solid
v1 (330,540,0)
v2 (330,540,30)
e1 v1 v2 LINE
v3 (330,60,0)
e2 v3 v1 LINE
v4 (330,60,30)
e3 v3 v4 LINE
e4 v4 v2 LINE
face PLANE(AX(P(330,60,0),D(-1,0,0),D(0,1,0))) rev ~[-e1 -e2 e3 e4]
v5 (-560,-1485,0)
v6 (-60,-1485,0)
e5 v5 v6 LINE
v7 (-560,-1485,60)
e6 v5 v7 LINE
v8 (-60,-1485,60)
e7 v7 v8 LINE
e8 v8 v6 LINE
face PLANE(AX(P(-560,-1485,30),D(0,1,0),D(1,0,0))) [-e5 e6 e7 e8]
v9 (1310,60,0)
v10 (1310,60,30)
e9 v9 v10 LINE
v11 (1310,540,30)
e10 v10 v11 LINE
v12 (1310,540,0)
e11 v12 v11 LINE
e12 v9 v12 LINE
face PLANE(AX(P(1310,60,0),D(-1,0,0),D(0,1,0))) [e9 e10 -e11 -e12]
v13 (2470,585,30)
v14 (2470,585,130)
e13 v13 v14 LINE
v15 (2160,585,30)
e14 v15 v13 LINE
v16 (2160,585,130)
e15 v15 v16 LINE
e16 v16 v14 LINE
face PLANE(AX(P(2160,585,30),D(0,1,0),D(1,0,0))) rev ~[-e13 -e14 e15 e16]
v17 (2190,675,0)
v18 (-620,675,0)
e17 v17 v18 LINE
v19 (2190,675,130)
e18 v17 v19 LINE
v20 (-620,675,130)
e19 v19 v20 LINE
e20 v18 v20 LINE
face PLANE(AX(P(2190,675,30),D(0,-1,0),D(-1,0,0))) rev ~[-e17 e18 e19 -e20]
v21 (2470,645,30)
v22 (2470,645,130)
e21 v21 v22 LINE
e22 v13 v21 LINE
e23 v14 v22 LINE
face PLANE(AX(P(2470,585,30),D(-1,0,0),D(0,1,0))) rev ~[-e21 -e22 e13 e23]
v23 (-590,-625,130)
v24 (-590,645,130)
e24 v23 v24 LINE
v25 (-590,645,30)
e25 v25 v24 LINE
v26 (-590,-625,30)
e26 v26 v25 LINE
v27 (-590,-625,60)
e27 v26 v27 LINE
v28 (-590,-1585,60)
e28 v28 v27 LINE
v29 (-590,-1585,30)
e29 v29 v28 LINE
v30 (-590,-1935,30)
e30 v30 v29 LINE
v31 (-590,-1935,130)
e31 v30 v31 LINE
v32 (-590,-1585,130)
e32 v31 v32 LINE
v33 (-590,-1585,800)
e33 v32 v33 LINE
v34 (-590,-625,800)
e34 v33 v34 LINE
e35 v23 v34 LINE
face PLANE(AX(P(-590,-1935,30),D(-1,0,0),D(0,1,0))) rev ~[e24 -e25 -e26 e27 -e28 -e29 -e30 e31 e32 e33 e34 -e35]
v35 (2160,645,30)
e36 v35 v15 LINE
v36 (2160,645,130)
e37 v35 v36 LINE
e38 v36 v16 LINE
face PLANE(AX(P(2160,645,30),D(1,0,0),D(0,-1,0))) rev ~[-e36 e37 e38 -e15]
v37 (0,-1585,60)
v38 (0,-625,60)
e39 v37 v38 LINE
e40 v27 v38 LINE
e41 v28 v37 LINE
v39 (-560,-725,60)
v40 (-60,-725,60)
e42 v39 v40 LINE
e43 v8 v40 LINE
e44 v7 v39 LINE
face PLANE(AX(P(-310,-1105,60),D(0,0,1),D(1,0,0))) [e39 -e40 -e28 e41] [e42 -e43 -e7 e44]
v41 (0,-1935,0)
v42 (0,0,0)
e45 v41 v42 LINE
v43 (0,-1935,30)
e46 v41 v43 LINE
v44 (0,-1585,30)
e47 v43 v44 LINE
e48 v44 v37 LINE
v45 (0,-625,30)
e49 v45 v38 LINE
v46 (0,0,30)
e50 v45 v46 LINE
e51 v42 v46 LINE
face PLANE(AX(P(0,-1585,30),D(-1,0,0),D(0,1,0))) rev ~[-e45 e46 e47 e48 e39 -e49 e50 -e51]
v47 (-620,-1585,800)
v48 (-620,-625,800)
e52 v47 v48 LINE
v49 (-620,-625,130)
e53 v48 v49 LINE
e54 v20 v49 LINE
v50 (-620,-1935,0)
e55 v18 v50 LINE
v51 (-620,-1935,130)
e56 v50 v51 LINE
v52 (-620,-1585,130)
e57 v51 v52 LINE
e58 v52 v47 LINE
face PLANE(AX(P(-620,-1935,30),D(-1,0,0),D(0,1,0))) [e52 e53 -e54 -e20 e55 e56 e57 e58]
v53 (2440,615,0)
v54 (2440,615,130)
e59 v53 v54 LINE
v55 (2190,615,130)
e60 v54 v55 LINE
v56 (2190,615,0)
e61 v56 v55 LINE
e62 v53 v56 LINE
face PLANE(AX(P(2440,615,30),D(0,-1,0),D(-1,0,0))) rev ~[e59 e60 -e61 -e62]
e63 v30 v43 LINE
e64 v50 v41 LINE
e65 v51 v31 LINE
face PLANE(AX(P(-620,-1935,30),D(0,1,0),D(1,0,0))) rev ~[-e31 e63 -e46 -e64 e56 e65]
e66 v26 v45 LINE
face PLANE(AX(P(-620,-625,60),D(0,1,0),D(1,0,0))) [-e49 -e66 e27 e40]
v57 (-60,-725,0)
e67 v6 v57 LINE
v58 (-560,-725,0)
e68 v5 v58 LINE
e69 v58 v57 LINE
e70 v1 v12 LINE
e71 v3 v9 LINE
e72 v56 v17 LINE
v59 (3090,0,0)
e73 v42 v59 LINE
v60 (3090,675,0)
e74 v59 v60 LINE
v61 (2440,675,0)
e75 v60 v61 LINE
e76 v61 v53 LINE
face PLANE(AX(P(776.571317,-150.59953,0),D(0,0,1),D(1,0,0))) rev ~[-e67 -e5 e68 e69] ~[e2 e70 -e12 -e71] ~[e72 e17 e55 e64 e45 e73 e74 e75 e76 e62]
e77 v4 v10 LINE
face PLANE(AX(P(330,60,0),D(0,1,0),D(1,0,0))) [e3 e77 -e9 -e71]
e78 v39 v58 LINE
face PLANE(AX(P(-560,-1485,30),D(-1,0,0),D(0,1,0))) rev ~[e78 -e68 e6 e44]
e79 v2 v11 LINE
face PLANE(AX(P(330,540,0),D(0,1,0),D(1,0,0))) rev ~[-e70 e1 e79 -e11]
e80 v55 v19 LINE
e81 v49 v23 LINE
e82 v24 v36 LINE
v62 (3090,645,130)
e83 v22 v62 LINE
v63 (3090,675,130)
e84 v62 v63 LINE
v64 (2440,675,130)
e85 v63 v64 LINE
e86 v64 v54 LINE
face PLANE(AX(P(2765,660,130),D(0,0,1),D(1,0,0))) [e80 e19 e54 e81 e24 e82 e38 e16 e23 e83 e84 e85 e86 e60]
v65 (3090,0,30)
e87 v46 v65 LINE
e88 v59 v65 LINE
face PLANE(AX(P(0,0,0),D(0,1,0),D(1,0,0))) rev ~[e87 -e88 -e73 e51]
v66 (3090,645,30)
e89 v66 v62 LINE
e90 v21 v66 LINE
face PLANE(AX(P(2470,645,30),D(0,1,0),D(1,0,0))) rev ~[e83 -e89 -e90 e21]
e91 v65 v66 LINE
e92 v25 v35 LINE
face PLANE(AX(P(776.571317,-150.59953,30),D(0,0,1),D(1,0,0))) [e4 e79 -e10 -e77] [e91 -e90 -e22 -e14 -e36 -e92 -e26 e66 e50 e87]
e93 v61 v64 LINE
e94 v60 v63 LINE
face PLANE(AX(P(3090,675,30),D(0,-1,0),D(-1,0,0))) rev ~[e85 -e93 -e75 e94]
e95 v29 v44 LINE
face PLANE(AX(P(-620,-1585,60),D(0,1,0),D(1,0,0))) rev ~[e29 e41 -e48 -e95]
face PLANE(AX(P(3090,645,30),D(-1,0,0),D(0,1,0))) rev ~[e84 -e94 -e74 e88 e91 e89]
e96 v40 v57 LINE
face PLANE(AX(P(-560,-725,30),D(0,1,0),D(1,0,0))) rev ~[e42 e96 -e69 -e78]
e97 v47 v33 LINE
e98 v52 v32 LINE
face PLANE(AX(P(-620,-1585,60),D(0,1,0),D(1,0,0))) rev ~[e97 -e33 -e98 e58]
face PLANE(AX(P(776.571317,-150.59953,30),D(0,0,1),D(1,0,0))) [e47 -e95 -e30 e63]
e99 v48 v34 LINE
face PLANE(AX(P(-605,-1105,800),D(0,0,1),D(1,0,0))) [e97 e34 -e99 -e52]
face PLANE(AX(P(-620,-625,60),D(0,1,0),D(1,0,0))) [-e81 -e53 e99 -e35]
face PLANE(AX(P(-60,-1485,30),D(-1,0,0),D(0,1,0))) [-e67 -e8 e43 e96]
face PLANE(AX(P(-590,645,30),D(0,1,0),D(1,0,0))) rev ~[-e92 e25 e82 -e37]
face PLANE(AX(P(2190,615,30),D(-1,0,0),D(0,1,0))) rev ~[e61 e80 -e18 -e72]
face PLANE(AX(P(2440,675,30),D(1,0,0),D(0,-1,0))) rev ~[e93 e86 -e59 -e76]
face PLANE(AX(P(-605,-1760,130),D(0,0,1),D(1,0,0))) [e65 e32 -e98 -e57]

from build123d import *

# Parameters (mm, degrees)
F0_W     = 500
F0_H     = 760
F0_W_2   = 980
F0_H_2   = 480
F1_DEPTH = 30
F2_W     = 620
F2_H     = 960
F2_W_2   = 500
F2_H_2   = 760
F3_DEPTH = 30
F4_W     = 30
F4_H     = 960
F5_DEPTH = 740
F6_W     = 30
F6_H     = 30
F6_H_2   = 1270
F7_DEPTH = 100
F8_W     = 30
F8_H     = 350
F9_DEPTH = 100


with BuildPart() as f1:
    # F0 (on Top) → F1 (new body)
    with BuildSketch(Plane.XY):
        Polygon((0, -1935), (0, 0), (3090, 0), (3090, 675), (2440, 675), (2440, 615), (2190, 615), (2190, 675), (-620, 675), (-620, -1935), align=None)
        with Locations((-310, -1105)):
            Rectangle(F0_W, F0_H, mode=Mode.SUBTRACT)
        with Locations((820, 300)):
            Rectangle(F0_W_2, F0_H_2, mode=Mode.SUBTRACT)
    extrude(amount=F1_DEPTH)

    # F2 (on face) → F3 (join)
    with BuildSketch(Plane.XY.offset(30)):
        with Locations((-310, -1105)):
            Rectangle(F2_W, F2_H)
        with Locations((-310, -1105)):
            Rectangle(F2_W_2, F2_H_2, mode=Mode.SUBTRACT)
    extrude(amount=F3_DEPTH)

    # F4 (on face) → F5 (join)
    with BuildSketch(Plane.XY.offset(60)):
        with Locations((-605, -1105)):
            Rectangle(F4_W, F4_H)
    extrude(amount=F5_DEPTH)

    # F6 (on face) → F7 (join)
    with BuildSketch(Plane.XY.offset(30)):
        Polygon((3090, 645), (3090, 675), (2440, 675), (2440, 645), (2470, 645), align=None)
        with Locations((2455, 630)):
            Rectangle(F6_W, F6_H)
        Polygon((2470, 615), (2440, 615), (2190, 615), (2160, 615), (2160, 585), (2470, 585), align=None)
        with Locations((2175, 630)):
            Rectangle(F6_W, F6_H)
        Polygon((2160, 645), (2190, 645), (2190, 675), (-620, 675), (-620, 645), (-590, 645), align=None)
        with Locations((-605, 10)):
            Rectangle(F6_W, F6_H_2)
    extrude(amount=F7_DEPTH)

    # F8 (on face) → F9 (join)
    with BuildSketch(Plane.XY.offset(30)):
        with Locations((-605, -1760)):
            Rectangle(F8_W, F8_H)
    extrude(amount=F9_DEPTH)


solid = f1.part
